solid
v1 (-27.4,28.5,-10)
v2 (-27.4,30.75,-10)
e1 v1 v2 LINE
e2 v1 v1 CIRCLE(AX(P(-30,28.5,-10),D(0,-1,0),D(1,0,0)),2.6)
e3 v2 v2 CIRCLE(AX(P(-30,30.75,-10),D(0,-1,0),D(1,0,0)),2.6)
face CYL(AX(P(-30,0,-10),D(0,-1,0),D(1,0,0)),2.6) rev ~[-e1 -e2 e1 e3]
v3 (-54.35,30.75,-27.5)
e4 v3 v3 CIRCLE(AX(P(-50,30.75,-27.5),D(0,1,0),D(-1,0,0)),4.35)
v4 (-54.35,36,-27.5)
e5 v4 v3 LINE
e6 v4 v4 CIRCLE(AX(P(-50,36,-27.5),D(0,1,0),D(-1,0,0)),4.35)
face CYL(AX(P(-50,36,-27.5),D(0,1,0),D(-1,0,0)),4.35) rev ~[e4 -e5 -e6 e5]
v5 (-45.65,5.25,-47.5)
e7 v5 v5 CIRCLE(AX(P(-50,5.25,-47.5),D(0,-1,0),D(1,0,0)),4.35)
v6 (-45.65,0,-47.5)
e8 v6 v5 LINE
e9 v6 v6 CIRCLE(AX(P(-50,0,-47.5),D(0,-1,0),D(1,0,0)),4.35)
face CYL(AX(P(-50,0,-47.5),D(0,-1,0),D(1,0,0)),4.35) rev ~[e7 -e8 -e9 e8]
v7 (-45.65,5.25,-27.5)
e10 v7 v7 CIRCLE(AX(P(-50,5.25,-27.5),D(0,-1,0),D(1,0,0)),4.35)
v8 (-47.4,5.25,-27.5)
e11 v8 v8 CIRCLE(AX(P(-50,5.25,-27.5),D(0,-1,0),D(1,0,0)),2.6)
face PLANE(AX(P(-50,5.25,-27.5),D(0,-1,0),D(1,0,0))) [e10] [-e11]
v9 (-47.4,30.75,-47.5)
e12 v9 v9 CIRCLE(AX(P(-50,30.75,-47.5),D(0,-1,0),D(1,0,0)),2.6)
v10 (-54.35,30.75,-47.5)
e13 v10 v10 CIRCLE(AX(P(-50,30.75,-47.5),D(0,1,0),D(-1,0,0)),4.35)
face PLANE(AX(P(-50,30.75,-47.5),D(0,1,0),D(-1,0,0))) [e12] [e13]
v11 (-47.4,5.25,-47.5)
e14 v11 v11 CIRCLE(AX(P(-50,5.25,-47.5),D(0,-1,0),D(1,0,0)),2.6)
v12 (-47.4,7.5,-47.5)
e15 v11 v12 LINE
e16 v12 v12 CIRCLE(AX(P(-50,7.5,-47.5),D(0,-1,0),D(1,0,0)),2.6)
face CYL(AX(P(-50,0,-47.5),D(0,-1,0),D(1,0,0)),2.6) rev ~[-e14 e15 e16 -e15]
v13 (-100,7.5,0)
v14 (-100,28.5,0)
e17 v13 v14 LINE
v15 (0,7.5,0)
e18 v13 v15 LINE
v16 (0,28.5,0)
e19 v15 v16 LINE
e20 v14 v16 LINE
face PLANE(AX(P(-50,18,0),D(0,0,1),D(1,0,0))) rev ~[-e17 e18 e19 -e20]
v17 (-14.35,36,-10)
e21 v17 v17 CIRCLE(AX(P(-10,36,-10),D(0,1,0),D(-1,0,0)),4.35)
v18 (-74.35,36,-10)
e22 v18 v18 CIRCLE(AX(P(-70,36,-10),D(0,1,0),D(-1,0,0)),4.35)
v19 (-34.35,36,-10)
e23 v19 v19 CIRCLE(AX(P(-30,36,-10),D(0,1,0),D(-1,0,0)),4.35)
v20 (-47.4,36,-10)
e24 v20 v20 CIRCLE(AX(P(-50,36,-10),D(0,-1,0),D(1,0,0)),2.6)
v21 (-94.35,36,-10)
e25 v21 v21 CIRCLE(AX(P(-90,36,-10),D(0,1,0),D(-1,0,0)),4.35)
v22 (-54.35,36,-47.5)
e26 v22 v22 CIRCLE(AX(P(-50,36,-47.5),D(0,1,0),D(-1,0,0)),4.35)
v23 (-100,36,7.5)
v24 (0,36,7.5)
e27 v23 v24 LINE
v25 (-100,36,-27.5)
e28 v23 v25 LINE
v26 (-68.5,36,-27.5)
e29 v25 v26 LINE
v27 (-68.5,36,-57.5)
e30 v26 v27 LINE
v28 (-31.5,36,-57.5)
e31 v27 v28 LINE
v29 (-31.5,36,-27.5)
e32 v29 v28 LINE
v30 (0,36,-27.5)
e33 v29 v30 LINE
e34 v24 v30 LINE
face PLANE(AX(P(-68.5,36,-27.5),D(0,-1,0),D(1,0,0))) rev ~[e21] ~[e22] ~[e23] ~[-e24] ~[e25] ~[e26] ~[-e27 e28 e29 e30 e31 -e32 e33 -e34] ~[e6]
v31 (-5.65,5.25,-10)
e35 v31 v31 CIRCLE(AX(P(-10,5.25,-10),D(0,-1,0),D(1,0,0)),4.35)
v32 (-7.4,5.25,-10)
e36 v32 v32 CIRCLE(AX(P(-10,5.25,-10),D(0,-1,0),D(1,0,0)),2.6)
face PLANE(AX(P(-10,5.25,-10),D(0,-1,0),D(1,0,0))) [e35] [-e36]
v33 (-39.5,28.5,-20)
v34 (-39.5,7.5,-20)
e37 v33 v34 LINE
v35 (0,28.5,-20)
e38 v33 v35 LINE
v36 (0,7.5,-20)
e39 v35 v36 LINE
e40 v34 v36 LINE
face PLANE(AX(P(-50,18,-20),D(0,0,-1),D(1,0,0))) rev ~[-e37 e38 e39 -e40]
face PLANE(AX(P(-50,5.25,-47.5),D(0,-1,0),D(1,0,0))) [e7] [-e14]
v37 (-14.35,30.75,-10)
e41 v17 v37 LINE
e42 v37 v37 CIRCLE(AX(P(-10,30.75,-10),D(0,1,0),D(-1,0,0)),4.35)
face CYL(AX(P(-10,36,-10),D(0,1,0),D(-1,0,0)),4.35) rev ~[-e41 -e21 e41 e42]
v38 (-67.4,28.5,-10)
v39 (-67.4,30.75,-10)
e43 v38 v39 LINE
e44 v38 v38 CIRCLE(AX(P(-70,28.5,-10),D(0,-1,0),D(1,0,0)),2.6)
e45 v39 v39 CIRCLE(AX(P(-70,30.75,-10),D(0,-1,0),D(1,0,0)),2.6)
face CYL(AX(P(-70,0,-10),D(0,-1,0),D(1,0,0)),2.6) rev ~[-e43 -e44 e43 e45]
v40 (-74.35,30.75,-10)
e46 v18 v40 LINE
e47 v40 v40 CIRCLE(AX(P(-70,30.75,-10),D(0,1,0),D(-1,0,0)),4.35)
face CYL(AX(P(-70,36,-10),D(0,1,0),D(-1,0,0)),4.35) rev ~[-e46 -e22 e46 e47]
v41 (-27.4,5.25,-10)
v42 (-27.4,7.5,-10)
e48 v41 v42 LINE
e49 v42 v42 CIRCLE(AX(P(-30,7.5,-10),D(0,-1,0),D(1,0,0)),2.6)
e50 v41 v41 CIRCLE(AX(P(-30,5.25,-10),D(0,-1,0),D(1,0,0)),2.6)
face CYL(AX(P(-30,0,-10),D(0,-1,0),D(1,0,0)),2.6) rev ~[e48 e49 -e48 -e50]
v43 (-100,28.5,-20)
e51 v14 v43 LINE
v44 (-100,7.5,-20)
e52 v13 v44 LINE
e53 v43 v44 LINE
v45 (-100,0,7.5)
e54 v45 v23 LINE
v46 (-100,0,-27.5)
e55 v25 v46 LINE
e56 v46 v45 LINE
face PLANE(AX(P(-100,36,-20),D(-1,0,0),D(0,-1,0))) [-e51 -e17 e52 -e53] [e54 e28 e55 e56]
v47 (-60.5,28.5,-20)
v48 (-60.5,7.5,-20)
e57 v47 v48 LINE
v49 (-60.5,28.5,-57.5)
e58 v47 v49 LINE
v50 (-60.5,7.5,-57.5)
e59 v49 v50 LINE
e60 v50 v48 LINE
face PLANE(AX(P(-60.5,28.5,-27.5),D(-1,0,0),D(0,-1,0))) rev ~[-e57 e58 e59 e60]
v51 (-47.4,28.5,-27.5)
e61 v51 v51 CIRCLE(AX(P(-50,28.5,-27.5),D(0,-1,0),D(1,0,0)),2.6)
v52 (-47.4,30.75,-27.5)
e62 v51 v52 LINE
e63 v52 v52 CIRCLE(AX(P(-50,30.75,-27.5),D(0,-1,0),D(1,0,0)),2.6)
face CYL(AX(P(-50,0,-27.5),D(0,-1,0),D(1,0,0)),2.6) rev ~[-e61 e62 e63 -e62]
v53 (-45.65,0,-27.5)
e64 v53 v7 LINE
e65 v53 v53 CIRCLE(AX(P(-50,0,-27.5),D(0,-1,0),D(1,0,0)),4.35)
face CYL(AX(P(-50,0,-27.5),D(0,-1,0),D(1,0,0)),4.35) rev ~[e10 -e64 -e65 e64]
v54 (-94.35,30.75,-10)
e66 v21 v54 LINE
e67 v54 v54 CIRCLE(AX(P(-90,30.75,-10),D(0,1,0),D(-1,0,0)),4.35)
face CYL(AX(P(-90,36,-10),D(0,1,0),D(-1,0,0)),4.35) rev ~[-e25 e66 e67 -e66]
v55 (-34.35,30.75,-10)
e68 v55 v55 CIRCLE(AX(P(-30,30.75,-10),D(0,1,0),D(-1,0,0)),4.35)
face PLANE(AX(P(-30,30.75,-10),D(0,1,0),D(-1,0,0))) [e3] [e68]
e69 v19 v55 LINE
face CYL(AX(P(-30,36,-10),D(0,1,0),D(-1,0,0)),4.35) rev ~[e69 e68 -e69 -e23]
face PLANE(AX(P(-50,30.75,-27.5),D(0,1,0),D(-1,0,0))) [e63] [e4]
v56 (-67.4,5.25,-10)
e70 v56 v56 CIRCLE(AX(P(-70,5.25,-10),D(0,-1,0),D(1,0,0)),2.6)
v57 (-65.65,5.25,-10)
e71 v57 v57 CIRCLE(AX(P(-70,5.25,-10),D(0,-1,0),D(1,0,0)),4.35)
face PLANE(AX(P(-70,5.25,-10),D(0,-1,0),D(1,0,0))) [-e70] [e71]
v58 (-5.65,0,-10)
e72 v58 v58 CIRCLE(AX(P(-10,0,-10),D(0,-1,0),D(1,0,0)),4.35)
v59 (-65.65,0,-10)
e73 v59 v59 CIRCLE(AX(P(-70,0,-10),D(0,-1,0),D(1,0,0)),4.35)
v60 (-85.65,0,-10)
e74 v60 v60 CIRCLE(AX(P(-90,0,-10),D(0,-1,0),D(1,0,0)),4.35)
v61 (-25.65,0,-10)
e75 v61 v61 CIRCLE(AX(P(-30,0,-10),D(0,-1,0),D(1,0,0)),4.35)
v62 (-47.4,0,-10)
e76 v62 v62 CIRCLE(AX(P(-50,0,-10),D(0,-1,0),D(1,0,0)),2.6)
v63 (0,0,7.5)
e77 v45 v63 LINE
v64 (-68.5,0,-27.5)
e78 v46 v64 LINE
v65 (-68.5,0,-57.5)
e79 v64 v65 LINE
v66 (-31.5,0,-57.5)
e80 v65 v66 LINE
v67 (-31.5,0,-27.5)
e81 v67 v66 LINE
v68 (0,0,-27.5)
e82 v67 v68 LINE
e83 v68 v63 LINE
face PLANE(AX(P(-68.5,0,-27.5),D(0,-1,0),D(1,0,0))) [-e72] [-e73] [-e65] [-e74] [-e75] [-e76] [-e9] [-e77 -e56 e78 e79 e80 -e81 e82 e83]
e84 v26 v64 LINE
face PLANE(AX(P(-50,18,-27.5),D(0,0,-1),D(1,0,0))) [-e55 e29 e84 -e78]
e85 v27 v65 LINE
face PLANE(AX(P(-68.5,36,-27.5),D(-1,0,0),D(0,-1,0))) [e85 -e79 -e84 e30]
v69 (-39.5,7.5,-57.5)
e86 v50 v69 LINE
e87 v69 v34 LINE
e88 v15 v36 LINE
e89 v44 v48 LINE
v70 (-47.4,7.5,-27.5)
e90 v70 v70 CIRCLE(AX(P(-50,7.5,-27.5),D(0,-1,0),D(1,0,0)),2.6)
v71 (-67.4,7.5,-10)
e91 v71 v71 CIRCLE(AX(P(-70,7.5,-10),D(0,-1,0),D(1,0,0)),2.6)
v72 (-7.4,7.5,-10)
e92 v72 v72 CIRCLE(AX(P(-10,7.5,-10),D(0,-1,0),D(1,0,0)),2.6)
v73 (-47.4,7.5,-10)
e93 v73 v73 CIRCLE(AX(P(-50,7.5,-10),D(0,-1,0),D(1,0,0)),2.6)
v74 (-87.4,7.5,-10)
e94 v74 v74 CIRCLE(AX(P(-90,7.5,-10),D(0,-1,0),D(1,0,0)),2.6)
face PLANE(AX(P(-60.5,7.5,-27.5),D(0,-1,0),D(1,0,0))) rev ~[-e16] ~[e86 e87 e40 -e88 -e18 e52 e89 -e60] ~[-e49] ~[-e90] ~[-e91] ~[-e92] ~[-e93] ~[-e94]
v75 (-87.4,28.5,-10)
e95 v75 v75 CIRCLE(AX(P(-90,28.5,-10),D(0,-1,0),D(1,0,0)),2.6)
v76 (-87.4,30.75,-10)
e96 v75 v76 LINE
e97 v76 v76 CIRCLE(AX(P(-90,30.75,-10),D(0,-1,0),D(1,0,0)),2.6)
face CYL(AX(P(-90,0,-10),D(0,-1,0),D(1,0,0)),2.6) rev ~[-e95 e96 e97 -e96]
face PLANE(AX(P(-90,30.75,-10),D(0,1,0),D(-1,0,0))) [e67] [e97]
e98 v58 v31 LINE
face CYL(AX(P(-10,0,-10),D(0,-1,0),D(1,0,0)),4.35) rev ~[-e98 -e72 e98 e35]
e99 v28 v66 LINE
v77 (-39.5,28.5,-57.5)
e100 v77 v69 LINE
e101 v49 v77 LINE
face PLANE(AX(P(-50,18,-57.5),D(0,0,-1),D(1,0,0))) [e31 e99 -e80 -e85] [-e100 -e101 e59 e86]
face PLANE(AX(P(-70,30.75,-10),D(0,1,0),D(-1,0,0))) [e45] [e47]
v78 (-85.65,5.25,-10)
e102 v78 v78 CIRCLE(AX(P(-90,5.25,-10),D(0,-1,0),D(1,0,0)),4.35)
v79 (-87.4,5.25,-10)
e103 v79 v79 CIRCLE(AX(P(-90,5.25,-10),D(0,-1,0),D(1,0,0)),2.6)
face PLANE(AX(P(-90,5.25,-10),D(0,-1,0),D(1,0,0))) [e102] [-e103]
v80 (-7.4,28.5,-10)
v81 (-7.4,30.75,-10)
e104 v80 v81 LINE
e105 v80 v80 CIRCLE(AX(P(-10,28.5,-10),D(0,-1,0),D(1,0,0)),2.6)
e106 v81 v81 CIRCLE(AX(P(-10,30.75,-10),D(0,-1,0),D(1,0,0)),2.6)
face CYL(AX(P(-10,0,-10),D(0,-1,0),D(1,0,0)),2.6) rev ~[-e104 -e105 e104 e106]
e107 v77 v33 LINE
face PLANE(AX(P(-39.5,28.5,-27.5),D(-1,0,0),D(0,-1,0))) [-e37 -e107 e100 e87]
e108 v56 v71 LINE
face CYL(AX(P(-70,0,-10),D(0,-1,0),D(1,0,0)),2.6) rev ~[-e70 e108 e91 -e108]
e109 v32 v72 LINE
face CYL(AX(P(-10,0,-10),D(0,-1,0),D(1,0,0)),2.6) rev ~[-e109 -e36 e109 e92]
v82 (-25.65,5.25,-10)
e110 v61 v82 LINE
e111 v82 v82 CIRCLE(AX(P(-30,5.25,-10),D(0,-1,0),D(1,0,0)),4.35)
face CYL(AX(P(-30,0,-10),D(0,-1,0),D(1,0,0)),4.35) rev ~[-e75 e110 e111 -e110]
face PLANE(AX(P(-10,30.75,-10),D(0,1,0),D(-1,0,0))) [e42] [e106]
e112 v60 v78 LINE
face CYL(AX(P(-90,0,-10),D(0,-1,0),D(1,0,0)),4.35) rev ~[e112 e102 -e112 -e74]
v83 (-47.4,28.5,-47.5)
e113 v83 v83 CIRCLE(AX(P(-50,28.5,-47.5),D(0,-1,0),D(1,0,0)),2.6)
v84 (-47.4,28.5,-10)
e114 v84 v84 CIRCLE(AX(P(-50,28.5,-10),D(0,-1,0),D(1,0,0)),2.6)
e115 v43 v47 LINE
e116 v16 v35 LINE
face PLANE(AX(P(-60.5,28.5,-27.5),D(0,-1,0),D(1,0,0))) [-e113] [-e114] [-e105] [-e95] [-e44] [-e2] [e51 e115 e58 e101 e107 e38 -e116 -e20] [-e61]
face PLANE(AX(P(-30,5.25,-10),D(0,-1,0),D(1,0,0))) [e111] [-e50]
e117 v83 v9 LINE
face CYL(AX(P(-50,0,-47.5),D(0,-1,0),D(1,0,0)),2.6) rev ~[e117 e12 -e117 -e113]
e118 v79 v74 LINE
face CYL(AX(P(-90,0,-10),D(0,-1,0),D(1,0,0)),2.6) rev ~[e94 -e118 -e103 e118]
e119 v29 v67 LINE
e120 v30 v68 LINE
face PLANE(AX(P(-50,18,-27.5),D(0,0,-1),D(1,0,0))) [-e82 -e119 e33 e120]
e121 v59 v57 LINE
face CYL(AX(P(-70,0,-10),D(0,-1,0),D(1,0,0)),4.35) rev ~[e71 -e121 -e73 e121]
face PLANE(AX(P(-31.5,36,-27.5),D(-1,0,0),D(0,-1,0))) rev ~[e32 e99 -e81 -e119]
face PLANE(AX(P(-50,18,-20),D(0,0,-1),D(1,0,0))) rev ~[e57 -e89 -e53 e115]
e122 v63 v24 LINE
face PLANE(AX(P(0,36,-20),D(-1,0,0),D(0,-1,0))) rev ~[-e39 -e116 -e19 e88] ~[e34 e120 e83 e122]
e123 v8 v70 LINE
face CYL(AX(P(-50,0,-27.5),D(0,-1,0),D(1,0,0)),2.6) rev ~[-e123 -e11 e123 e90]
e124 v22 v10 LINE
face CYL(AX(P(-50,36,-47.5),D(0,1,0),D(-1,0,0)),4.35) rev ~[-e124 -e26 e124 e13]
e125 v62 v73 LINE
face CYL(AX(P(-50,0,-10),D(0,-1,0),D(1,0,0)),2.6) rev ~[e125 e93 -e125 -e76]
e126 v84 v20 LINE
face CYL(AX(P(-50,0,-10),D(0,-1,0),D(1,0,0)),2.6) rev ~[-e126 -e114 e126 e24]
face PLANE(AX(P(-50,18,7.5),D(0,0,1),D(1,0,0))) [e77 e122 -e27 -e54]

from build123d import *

# Parameters (mm, degrees)
F0_W      = 100
F0_H      = 36
F1_DEPTH  = 7.5
F2_W      = 100
F2_H      = 7.5
F3_DEPTH  = 20
F4_W      = 100
F4_H      = 36
F4_W_2    = 21
F4_H_2    = 21
F5_DEPTH  = 7.5
F6_W      = 37
F6_H      = 36
F6_W_2    = 21
F6_H_2    = 21
F7_DEPTH  = 30
F8_R      = 2.6
F9_DEPTH  = 60
F10_R     = 4.35
F11_DEPTH = 5.25
F12_R     = 4.35
F13_DEPTH = 5.25


with BuildPart() as f1:
    # F0 (on Top) → F1 (new body)
    with BuildSketch(Plane.XY):
        with Locations((-50, 18)):
            Rectangle(F0_W, F0_H)
    extrude(amount=F1_DEPTH)

    # F2 (on face) → F3 (join)
    with BuildSketch(Plane(origin=(0, 0, 0), x_dir=(1, 0, 0), z_dir=(0, 0, -1))):
        with Locations((-50, -3.75)):
            Rectangle(F2_W, F2_H)
        with Locations((-50, -32.25)):
            Rectangle(F2_W, F2_H)
    extrude(amount=F3_DEPTH)

    # F4 (on face) → F5 (join)
    with BuildSketch(Plane(origin=(0, 0, -20), x_dir=(1, 0, 0), z_dir=(0, 0, -1))):
        with Locations((-50, -18)):
            Rectangle(F4_W, F4_H)
        with Locations((-50, -18)):
            Rectangle(F4_W_2, F4_H_2, mode=Mode.SUBTRACT)
    extrude(amount=F5_DEPTH)

    # F6 (on face) → F7 (join)
    with BuildSketch(Plane(origin=(0, 0, -27.5), x_dir=(1, 0, 0), z_dir=(0, 0, -1))):
        with Locations((-50, -18)):
            Rectangle(F6_W, F6_H)
        with Locations((-50, -18)):
            Rectangle(F6_W_2, F6_H_2, mode=Mode.SUBTRACT)
    extrude(amount=F7_DEPTH)

    # F8 (on face) → F9 (cut)
    with BuildSketch(Plane.XZ):
        with Locations((-90, -10)):
            Circle(F8_R)
        with Locations((-50, -10)):
            Circle(F8_R)
        with Locations((-10, -10)):
            Circle(F8_R)
        with Locations((-30, -10)):
            Circle(F8_R)
        with Locations((-70, -10)):
            Circle(F8_R)
        with Locations((-50, -47.5)):
            Circle(F8_R)
        with Locations((-50, -27.5)):
            Circle(F8_R)
    extrude(amount=-F9_DEPTH, mode=Mode.SUBTRACT)

    # F10 (on face) → F11 (cut)
    with BuildSketch(Plane(origin=(0, 36, 0), x_dir=(-1, 0, 0), z_dir=(0, 1, 0))):
        with Locations((50, -47.5)):
            Circle(F10_R)
        with Locations((50, -27.5)):
            Circle(F10_R)
        with Locations((90, -10)):
            Circle(F10_R)
        with Locations((70, -10)):
            Circle(F10_R)
        with Locations((30, -10)):
            Circle(F10_R)
        with Locations((10, -10)):
            Circle(F10_R)
    extrude(amount=-F11_DEPTH, mode=Mode.SUBTRACT)

    # F12 (on face) → F13 (cut)
    with BuildSketch(Plane.XZ):
        with Locations((-90, -10)):
            Circle(F12_R)
        with Locations((-70, -10)):
            Circle(F12_R)
        with Locations((-30, -10)):
            Circle(F12_R)
        with Locations((-10, -10)):
            Circle(F12_R)
        with Locations((-50, -27.5)):
            Circle(F12_R)
        with Locations((-50, -47.5)):
            Circle(F12_R)
    extrude(amount=-F13_DEPTH, mode=Mode.SUBTRACT)


solid = f1.part
